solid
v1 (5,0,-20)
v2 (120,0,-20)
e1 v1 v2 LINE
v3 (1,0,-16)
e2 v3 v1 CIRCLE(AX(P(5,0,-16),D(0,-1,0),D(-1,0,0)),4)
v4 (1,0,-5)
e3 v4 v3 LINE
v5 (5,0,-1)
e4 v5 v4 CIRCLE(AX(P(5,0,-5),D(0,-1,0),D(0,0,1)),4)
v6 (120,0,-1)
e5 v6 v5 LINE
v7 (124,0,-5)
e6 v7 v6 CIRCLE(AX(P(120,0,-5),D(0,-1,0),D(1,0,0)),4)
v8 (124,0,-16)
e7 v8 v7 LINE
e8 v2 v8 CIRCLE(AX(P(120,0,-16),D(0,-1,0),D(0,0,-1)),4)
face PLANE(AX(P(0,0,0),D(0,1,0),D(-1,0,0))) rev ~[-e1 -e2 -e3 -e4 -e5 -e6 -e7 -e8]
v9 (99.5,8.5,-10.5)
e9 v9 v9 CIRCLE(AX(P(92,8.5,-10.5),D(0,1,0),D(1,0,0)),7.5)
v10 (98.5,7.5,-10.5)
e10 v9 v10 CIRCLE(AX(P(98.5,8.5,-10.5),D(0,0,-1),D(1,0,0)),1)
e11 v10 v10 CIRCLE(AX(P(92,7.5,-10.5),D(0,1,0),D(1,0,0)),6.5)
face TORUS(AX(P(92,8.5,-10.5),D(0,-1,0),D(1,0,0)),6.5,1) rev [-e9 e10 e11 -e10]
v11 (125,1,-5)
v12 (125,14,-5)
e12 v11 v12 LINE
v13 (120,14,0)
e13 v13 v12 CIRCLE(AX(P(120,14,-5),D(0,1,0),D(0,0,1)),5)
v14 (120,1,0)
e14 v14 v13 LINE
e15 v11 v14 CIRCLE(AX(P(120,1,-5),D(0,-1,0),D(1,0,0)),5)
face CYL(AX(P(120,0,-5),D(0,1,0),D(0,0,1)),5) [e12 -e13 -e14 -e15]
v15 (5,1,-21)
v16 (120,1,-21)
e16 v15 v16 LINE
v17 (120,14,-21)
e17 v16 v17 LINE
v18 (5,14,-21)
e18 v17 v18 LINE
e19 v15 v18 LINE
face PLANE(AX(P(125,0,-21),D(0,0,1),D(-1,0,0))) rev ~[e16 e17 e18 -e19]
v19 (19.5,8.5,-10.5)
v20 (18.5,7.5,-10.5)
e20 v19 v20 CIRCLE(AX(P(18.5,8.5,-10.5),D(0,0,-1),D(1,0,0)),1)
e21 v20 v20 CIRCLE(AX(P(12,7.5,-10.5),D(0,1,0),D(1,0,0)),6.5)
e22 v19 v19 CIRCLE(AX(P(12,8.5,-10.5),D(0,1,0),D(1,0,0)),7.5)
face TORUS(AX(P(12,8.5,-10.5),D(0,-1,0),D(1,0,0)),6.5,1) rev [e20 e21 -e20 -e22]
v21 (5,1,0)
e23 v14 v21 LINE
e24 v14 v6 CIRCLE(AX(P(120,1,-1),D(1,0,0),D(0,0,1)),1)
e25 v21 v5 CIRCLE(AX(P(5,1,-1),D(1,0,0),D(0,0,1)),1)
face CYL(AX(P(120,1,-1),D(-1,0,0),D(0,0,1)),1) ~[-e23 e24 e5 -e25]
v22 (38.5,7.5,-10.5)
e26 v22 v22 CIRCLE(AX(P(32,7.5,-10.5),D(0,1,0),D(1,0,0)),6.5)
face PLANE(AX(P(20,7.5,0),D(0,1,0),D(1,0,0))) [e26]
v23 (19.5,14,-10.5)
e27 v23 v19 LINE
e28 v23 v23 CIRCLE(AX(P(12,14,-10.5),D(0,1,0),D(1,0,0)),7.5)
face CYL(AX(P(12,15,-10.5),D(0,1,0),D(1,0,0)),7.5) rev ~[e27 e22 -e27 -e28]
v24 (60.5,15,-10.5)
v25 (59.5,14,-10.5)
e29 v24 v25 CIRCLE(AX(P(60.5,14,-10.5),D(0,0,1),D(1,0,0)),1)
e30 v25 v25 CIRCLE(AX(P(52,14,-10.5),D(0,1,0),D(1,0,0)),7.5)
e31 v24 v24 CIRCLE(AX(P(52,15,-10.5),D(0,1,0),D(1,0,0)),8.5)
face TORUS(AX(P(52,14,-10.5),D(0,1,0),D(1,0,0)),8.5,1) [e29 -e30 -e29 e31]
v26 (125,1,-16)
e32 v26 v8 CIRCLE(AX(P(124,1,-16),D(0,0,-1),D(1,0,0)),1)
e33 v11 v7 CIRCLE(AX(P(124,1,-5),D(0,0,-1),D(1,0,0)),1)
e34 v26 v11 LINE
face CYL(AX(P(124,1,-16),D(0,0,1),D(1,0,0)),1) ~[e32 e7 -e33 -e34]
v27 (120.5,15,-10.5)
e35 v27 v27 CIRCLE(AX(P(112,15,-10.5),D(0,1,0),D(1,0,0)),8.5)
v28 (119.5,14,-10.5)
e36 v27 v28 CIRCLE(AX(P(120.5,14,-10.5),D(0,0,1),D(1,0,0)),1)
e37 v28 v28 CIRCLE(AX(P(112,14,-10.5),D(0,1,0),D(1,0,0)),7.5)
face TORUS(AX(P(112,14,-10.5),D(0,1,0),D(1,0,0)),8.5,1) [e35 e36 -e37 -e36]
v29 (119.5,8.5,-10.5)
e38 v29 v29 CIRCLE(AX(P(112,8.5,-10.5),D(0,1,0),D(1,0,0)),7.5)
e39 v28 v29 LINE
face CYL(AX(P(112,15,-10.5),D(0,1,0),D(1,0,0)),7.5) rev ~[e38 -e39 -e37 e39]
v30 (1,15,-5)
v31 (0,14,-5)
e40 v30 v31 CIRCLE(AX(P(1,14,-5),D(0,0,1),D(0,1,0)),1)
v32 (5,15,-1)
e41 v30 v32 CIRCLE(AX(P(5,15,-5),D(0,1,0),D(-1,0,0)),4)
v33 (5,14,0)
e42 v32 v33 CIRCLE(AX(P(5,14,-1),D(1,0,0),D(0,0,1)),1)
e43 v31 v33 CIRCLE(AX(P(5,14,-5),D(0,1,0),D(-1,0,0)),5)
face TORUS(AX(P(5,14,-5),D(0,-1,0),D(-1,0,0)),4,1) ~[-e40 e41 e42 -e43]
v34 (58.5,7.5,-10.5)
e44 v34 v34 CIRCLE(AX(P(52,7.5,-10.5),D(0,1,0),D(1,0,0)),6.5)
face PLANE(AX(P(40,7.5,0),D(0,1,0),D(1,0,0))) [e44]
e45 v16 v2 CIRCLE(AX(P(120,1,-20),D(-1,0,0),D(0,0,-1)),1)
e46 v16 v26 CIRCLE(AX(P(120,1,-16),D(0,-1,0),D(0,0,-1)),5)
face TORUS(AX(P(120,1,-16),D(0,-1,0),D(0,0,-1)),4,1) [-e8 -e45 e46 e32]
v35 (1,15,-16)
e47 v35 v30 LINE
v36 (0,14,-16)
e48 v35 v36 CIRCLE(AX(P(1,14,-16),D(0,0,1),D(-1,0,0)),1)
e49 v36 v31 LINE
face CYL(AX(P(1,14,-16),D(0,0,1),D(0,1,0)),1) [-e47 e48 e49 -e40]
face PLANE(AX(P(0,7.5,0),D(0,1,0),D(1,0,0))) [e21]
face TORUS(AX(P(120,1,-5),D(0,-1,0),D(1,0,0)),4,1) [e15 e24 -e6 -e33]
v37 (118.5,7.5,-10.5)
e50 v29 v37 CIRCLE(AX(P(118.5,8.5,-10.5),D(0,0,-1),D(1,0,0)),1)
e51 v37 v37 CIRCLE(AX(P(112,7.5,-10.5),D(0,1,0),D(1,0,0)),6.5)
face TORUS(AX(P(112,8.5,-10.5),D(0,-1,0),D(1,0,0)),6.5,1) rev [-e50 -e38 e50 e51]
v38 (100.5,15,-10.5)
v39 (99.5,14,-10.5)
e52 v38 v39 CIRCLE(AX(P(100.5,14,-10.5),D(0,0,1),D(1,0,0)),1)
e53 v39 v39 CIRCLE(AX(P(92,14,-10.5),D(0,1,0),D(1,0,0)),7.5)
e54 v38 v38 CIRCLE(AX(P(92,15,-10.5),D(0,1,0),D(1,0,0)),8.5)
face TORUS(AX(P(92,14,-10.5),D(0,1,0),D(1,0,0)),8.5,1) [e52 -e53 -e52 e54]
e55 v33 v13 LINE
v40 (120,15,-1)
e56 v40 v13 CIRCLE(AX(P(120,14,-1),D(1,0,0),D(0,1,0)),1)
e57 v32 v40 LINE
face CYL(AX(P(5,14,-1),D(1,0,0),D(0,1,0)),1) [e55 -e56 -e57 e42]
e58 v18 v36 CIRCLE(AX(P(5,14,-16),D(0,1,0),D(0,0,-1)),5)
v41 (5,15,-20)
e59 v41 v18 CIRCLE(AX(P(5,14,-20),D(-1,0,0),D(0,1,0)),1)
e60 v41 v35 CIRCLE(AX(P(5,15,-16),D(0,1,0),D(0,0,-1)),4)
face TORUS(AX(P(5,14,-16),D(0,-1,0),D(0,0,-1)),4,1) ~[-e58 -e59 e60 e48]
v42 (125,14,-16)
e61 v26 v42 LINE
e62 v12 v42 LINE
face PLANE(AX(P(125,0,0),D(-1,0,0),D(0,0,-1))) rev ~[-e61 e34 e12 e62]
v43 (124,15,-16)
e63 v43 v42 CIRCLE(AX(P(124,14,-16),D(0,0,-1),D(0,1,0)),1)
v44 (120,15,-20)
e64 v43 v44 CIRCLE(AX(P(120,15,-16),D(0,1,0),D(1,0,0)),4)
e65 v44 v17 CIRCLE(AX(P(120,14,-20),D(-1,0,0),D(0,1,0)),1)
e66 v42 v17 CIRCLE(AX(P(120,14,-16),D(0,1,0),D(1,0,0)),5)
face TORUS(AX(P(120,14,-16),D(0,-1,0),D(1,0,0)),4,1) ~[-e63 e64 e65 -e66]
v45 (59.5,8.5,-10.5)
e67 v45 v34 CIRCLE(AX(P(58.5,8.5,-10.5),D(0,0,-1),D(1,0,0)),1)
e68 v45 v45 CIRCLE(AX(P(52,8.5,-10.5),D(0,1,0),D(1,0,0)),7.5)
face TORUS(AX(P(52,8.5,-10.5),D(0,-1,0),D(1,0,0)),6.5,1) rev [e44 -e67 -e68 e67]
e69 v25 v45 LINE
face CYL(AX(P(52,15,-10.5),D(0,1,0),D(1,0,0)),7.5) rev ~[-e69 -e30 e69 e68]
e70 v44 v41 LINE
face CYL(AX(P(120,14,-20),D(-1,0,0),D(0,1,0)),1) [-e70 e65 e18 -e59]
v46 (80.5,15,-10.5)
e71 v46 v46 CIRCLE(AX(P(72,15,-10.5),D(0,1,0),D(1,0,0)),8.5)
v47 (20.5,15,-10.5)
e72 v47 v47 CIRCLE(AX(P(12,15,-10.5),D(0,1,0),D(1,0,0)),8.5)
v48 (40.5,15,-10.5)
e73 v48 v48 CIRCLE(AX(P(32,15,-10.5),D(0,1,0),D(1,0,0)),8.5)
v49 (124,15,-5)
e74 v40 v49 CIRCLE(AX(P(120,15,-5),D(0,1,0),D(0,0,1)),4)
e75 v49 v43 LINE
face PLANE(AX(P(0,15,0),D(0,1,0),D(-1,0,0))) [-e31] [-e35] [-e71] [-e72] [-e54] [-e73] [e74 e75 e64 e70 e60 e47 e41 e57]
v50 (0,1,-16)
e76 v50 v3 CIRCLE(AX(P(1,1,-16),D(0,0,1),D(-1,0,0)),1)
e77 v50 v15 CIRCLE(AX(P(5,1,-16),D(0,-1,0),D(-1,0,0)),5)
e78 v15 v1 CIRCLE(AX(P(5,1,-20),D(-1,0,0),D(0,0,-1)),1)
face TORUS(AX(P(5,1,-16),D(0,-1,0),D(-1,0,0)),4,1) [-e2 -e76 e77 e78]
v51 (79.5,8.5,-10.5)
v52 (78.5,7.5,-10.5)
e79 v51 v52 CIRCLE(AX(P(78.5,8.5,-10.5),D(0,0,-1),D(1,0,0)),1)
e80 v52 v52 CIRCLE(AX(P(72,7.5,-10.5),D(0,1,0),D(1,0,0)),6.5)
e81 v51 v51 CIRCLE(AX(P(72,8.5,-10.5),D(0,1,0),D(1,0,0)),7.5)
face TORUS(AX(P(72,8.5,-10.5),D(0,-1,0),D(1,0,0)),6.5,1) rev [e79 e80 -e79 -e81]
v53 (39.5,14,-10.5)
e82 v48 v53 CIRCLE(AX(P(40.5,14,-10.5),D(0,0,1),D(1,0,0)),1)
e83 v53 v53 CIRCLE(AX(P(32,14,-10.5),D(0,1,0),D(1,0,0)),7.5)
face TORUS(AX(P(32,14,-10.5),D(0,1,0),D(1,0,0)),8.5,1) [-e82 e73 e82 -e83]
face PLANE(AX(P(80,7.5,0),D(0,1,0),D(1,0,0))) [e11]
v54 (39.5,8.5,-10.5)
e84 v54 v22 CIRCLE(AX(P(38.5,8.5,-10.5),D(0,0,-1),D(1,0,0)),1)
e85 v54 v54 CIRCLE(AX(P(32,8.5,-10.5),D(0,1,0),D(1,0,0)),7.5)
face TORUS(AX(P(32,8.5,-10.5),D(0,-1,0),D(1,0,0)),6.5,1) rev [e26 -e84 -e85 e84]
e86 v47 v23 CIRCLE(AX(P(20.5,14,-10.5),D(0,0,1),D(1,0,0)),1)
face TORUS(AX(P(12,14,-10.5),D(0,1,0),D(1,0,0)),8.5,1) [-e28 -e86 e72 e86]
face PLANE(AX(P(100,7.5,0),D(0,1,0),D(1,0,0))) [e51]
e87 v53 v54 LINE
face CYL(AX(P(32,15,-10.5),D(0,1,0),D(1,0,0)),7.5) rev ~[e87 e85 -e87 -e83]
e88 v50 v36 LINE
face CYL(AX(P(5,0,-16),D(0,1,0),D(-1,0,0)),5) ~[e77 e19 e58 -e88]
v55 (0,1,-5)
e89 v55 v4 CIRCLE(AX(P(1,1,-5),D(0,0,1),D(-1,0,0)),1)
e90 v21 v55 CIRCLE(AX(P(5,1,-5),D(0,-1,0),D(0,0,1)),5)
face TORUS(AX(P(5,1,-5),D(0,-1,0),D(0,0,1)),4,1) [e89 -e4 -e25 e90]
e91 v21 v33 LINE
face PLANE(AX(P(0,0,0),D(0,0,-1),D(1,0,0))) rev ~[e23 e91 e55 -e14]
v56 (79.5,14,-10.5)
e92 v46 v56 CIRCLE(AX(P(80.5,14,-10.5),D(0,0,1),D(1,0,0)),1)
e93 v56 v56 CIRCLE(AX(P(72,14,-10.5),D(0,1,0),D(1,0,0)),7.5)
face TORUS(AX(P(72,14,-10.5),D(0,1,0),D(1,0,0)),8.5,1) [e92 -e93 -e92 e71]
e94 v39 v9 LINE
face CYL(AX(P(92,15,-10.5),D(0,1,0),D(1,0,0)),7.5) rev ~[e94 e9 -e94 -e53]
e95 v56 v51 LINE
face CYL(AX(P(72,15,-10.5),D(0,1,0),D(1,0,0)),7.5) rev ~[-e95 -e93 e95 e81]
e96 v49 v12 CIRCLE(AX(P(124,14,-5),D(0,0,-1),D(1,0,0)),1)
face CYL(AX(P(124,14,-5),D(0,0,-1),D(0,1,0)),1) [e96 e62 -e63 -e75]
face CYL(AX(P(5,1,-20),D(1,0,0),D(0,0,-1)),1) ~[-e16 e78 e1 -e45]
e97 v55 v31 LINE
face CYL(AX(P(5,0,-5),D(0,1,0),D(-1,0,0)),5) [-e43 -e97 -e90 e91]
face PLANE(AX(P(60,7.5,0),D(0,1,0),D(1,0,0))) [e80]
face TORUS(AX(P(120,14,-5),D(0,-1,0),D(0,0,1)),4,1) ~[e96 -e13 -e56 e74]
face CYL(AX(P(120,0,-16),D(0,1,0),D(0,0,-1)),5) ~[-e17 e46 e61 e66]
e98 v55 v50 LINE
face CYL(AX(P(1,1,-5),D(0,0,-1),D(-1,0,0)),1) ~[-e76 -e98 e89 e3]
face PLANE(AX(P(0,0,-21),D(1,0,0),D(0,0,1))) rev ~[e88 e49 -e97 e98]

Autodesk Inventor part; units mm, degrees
sketch "Sketch1" plane through (0, 0, 0) normal (0, 1, 0) x (-1, 0, 0)
  line L0 (0, 0) -> (-125, 0)
  line L1 (-125, 0) -> (-125, -21)
  line L2 (-125, -21) -> (0, -21)
  line L3 (0, -21) -> (0, 0)
  dimension "d0" = 125
  dimension "d1" = 21
extrude "Extrusion1" add sketch "Sketch1" along normal blind 15
sketch "Sketch2" plane through (0, 15, 0) normal (0, 1, 0) x (1, 0, 0)
  line L0 (125, 21) -> (0, 21) projected
  line L1 (0, 21) -> (0, 0) projected
  line L2 (125, 0) -> (125, 21) projected
  line L3 (0, 0) -> (125, 0) projected
  circle A0 centre (12, 10.5) radius 7.5
  dimension "d4" = 15
  dimension "d5" = 10.5
  dimension "d6" = 12
extrude "Extrusion2" cut sketch "Sketch2" against normal blind 7.5 contours A0
fillet "Fillet1" radius 1 2 edges at (4.5, 7.5, -10.5) (4.5, 15, -10.5)
pattern_linear "Rectangular Pattern2" count 6 spacing 20 along (1, 0, 0) of "Extrusion2", "Fillet1"
fillet "Fillet2" radius 5 4 edges at (0, 7.5, 0) (125, 7.5, 0) (0, 7.5, -21) (125, 7.5, -21)
fillet "Fillet3" radius 1 16 edges at (62.5, 15, -21) (1.4645, 15, -19.5355) (0, 15, -10.5) (1.4645, 15, -1.4645) (62.5, 15, 0) (123.5355, 15, -1.4645) (125, 15, -10.5) (123.5355, 15, -19.5355) (1.4645, 0, -19.5355) (0, 0, -10.5) (1.4645, 0, -1.4645) (62.5, 0, 0) (123.5355, 0, -1.4645) (125, 0, -10.5) (123.5355, 0, -19.5355) (62.5, 0, -21)
properties part number "Test_Well6x1"
